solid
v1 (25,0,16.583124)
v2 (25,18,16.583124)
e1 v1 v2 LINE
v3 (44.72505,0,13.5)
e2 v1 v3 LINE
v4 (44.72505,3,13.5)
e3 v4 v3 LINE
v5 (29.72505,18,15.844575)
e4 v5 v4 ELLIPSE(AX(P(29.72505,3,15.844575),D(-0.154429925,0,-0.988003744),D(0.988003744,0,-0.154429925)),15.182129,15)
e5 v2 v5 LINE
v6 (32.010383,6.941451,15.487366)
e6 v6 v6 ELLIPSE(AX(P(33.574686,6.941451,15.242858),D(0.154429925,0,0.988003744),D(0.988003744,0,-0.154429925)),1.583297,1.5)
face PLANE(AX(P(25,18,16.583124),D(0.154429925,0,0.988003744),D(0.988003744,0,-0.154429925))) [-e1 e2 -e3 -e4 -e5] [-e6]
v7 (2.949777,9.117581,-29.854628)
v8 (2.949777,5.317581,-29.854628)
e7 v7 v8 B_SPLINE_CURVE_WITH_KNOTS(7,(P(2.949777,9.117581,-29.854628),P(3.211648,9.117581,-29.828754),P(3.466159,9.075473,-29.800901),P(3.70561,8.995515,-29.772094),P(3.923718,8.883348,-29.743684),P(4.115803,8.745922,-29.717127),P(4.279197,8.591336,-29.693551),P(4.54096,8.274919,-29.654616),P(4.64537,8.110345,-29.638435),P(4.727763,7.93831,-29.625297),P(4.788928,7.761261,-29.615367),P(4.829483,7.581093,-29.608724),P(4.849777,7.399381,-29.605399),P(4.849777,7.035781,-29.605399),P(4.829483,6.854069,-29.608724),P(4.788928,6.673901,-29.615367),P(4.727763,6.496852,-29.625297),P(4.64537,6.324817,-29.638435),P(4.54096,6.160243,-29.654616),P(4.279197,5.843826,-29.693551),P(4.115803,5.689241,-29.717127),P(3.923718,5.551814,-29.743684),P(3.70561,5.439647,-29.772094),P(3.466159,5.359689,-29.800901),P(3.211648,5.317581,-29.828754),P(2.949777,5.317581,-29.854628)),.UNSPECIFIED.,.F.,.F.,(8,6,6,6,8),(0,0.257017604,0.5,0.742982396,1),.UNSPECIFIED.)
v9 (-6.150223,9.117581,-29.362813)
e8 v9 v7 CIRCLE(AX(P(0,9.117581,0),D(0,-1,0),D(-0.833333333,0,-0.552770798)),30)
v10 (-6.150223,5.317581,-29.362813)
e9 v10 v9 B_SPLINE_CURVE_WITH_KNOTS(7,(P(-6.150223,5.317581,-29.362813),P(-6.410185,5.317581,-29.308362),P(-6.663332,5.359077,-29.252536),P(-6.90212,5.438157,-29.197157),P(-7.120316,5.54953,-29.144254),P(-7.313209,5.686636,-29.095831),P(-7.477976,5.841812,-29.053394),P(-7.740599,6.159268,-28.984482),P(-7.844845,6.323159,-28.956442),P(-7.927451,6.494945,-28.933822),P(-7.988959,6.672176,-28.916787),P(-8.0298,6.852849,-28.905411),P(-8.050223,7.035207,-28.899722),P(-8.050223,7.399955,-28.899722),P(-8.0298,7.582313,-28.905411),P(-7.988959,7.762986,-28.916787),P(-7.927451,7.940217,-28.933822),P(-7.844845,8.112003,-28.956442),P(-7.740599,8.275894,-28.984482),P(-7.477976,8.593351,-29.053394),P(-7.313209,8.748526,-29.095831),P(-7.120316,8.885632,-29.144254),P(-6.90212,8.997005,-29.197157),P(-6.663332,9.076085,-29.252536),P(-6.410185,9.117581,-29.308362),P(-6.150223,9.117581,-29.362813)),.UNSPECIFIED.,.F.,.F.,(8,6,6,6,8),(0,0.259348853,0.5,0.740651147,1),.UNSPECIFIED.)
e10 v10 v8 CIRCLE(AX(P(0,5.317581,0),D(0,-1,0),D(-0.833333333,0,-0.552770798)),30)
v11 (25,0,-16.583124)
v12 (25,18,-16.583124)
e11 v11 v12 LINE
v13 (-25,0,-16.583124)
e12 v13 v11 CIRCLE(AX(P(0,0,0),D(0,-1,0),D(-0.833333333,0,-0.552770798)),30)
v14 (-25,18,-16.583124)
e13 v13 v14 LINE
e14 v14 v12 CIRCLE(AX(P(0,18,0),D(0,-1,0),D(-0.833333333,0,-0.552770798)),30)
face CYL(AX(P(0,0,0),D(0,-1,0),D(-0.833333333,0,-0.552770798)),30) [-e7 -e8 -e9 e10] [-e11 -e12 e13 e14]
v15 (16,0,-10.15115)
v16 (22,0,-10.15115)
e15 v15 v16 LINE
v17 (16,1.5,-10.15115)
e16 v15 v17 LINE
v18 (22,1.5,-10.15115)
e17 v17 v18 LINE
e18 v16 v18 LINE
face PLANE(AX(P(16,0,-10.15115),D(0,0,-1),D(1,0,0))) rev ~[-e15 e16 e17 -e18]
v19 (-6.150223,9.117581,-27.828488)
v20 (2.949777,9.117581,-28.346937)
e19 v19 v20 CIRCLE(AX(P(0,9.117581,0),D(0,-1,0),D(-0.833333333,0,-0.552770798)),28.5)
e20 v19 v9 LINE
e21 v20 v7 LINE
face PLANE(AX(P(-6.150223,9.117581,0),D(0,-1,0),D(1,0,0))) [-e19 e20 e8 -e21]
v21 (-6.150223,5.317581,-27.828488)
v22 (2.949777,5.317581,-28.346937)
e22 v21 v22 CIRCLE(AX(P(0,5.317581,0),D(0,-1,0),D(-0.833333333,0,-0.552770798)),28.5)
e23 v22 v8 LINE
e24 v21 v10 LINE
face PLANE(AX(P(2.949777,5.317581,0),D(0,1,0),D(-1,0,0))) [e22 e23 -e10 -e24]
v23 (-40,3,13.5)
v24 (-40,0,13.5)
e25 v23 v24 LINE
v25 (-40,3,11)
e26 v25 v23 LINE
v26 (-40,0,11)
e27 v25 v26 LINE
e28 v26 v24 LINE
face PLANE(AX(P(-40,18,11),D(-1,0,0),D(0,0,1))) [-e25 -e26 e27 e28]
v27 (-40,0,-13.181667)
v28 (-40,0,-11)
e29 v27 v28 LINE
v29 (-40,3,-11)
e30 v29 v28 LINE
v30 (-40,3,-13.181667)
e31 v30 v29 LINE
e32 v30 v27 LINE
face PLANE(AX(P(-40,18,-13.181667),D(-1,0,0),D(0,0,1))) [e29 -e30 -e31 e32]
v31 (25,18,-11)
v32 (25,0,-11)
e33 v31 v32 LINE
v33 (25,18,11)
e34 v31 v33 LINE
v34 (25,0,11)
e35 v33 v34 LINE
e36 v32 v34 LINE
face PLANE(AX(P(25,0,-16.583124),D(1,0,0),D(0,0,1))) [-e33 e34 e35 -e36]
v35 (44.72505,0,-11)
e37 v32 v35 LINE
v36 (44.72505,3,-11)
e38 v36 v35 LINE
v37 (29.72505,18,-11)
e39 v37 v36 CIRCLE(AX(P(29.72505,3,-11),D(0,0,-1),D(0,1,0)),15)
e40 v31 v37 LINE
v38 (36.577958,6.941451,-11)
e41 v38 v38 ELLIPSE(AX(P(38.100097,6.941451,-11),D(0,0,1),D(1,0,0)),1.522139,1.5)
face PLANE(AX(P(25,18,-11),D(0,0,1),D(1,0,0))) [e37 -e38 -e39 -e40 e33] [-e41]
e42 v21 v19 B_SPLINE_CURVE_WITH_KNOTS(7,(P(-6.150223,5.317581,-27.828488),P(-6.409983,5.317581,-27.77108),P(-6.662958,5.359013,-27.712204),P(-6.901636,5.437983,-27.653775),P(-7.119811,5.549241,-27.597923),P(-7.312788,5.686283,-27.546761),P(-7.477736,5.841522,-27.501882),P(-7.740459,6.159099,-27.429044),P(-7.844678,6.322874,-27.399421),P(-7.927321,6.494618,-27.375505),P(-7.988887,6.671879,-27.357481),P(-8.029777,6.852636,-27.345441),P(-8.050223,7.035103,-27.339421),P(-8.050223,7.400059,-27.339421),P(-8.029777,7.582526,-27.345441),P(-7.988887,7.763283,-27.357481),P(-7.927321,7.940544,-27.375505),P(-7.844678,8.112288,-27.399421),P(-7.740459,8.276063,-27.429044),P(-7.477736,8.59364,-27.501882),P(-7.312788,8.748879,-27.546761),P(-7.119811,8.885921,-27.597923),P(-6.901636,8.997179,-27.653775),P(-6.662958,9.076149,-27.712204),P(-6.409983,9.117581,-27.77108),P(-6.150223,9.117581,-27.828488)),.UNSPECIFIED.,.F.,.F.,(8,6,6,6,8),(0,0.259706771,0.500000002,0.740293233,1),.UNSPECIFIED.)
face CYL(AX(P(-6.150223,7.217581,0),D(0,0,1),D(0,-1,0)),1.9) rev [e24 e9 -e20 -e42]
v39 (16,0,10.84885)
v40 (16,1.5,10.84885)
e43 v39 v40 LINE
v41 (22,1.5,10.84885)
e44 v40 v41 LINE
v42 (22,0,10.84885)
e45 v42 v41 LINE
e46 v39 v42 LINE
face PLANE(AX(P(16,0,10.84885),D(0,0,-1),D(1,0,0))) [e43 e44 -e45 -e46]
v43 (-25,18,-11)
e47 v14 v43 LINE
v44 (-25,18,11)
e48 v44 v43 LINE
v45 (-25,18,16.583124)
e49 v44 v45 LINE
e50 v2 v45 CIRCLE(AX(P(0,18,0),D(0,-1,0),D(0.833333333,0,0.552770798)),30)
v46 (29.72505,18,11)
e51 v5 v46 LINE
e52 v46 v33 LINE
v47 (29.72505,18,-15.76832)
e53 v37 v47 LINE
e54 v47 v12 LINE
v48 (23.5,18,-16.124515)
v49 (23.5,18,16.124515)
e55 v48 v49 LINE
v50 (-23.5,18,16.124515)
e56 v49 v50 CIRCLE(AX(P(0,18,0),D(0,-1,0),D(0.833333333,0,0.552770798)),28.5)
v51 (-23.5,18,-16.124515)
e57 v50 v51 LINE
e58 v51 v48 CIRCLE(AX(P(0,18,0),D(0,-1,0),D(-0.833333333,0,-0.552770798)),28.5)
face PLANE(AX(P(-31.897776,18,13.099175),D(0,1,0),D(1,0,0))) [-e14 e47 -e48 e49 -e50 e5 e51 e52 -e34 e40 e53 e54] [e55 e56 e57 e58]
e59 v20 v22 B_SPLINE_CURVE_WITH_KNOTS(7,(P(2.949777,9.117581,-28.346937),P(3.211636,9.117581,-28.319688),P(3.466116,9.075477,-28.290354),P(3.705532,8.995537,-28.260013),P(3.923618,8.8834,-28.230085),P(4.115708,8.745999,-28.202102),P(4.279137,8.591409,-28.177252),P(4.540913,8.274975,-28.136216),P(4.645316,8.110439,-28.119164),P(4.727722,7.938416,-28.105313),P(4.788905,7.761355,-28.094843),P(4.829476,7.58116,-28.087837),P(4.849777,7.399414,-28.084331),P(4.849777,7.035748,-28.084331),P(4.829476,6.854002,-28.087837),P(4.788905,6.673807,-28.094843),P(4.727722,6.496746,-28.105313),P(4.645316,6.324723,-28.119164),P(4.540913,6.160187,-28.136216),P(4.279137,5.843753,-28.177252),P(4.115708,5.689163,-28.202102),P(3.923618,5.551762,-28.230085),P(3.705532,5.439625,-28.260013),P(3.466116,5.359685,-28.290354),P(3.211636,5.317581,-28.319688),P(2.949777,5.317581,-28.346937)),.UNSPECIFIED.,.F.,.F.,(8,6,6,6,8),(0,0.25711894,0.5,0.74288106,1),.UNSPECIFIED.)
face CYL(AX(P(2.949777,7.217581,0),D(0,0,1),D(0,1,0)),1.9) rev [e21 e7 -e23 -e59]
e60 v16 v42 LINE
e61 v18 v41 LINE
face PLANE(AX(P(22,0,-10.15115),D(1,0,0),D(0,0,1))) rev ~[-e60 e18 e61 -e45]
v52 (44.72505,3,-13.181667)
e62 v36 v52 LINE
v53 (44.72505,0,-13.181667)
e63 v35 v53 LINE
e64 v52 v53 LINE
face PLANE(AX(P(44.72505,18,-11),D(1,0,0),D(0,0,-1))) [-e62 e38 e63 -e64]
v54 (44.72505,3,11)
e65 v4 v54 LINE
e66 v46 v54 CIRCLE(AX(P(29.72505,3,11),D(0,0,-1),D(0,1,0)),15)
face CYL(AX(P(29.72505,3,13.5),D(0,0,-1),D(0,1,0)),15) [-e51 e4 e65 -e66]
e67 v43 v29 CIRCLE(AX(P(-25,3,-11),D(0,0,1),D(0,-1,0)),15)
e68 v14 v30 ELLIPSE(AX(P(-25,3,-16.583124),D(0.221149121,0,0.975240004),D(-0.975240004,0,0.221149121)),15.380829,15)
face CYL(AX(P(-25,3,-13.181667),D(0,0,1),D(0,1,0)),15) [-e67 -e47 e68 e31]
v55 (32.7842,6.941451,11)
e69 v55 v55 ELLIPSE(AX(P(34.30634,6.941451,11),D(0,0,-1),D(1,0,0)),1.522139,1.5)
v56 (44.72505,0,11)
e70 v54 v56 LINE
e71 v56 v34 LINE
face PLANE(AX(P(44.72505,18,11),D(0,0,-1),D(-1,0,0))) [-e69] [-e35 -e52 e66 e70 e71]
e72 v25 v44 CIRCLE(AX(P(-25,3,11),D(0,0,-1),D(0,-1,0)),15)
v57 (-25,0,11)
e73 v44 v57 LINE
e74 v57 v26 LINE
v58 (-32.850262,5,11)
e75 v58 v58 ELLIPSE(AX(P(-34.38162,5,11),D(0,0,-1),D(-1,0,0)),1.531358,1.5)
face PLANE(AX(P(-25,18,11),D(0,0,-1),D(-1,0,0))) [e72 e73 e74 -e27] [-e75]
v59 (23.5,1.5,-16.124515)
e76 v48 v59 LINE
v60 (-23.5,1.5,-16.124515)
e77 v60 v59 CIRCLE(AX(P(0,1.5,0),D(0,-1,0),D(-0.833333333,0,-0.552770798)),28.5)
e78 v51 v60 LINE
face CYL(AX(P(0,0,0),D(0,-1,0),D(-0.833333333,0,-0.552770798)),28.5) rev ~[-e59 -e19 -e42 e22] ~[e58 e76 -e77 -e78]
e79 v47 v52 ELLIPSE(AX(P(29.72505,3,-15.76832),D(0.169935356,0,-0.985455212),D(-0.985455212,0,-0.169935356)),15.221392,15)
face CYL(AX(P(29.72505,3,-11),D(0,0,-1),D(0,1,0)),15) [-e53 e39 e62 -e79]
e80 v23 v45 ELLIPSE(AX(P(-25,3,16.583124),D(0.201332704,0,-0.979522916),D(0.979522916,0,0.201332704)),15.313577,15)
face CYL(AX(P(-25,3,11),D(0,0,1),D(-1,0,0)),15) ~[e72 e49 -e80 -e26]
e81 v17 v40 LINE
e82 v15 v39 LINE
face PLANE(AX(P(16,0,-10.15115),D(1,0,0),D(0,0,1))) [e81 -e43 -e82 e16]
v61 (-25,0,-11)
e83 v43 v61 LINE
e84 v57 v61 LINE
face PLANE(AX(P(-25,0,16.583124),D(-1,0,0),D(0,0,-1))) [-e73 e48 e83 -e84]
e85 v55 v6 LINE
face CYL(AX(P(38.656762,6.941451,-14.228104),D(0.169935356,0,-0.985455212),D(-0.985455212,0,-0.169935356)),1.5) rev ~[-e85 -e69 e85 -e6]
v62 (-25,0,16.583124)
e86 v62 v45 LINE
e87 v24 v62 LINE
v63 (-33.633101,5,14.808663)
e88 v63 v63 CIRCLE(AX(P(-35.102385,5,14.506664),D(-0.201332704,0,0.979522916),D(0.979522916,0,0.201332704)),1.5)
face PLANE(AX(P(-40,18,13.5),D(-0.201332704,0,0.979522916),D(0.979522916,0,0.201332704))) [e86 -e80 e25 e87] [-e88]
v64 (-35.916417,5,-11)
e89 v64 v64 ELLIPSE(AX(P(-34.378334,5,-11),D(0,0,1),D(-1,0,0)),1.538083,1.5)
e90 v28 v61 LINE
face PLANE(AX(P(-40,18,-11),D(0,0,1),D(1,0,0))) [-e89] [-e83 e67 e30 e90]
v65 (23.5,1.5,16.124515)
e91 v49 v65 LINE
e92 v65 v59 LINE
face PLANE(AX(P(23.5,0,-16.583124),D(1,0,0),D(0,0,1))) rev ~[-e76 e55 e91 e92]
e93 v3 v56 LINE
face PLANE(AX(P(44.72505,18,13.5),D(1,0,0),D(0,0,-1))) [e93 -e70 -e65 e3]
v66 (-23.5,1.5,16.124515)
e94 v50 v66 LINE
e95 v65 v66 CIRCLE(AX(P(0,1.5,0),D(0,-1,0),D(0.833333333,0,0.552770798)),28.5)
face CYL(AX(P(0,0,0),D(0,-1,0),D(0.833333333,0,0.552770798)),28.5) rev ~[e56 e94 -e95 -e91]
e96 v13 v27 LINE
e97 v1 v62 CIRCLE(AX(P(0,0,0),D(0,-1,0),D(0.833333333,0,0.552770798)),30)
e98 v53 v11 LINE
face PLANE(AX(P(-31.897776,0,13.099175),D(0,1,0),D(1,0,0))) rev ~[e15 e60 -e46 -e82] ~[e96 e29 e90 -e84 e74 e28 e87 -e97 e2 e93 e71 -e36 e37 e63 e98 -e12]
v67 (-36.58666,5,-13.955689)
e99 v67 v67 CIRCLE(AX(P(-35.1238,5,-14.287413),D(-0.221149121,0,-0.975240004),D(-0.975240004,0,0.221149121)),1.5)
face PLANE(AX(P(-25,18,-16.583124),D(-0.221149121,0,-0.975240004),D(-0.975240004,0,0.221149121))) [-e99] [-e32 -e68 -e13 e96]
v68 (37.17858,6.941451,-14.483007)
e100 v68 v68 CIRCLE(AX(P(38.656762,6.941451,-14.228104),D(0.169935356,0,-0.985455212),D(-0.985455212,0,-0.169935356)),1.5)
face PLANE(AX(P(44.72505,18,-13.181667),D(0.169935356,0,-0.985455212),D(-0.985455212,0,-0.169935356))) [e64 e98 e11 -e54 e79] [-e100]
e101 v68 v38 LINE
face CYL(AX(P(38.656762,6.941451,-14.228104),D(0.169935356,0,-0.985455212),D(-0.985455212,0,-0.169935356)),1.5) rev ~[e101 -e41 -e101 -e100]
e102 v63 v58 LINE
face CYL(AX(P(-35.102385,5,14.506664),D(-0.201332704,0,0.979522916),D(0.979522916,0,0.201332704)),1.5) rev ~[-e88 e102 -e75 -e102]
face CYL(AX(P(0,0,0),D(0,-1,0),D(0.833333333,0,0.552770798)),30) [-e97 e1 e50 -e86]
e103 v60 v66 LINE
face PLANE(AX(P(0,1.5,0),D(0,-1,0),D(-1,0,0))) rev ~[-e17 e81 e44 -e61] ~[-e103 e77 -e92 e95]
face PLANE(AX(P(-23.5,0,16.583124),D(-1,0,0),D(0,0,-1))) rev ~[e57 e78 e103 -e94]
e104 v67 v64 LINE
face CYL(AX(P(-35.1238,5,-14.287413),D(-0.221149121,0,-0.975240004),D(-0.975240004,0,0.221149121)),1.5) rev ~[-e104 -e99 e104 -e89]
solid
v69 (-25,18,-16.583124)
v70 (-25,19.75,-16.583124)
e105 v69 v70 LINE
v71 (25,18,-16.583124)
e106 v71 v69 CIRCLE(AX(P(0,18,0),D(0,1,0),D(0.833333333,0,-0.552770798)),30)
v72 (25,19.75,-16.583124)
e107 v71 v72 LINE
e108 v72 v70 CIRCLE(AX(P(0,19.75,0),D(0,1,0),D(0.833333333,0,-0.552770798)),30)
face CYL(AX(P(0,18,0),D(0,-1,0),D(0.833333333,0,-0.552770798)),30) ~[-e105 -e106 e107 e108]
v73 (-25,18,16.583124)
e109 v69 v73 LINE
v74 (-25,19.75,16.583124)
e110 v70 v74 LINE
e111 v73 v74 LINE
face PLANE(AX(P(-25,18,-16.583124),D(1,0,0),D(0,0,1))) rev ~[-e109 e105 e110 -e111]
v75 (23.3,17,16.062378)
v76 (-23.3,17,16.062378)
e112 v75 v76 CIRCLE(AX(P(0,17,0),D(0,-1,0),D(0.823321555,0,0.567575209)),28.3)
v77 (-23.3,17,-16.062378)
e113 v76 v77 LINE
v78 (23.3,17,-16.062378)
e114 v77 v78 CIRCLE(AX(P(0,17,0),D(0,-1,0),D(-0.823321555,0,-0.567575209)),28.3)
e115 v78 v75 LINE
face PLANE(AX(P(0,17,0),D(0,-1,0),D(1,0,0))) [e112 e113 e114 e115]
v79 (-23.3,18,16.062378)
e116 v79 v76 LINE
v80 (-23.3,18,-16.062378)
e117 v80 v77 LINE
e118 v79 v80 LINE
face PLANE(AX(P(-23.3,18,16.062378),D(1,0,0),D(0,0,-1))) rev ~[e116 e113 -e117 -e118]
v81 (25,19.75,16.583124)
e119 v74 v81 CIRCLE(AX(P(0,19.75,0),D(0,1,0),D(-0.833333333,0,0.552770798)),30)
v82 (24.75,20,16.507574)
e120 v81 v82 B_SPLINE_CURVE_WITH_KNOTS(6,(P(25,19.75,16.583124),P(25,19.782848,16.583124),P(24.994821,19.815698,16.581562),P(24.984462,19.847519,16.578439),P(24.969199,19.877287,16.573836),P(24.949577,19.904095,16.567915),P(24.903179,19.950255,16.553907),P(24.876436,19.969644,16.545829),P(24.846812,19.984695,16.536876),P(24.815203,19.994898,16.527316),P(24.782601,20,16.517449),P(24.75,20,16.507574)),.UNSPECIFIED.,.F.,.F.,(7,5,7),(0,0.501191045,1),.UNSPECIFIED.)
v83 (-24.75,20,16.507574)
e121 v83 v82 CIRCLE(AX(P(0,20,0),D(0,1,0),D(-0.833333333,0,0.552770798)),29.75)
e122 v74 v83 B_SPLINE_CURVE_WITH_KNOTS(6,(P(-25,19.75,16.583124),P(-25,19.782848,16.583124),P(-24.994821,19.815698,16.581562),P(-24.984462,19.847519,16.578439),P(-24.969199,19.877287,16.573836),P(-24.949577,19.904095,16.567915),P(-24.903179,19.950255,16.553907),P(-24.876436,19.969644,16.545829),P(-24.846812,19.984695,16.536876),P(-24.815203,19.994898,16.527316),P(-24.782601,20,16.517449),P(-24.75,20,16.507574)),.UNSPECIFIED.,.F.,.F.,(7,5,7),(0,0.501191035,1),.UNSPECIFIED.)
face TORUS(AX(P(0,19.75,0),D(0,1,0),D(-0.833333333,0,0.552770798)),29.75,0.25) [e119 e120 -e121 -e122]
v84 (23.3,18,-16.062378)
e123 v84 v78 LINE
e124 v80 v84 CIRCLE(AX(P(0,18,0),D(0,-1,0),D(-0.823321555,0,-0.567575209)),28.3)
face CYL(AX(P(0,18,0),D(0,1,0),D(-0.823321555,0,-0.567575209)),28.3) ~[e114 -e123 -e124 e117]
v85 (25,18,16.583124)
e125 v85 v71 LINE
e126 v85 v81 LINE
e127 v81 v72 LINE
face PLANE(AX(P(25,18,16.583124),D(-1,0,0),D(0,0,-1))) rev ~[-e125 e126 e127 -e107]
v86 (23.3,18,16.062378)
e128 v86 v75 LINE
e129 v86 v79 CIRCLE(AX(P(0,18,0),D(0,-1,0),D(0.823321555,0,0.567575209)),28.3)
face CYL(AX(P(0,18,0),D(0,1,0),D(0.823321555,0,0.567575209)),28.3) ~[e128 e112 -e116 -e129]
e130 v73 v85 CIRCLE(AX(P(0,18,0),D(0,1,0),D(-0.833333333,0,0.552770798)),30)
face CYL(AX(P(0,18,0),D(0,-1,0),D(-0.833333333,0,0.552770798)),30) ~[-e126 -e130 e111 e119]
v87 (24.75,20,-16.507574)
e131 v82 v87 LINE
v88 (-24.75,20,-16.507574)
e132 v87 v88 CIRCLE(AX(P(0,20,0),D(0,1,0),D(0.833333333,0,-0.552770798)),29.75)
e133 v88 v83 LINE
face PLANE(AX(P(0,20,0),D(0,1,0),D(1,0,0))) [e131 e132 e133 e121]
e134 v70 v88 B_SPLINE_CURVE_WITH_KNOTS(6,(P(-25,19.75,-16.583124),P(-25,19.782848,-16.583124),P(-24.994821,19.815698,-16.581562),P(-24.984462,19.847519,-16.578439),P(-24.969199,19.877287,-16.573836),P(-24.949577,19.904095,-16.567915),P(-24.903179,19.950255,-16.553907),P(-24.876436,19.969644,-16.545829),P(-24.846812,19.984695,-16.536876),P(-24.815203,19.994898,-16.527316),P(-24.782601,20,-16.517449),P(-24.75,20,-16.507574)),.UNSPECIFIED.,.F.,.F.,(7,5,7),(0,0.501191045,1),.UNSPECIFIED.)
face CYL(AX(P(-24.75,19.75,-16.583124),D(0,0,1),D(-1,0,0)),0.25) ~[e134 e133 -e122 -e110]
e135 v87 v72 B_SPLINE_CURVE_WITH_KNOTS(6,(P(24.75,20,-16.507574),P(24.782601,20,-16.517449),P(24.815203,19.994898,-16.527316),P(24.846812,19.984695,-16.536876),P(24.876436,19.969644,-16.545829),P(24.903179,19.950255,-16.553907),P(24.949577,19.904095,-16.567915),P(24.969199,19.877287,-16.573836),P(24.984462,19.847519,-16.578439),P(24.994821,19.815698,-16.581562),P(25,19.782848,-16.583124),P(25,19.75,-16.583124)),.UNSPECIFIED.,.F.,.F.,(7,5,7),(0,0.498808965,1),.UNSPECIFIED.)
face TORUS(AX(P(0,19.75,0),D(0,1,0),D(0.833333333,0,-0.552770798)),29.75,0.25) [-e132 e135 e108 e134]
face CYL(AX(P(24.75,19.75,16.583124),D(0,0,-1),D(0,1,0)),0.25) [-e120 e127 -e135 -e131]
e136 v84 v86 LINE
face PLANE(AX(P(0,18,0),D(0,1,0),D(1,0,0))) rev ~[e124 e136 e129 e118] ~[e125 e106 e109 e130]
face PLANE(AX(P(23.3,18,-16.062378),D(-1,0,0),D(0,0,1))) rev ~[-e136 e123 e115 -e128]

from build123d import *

# Parameters (mm, degrees)
BOSS_EXTRUDE2_DEPTH = 18
SHELL1_T            = -1.5
BOSS_EXTRUDE3_DEPTH = 2
BOSS_EXTRUDE4_DEPTH = 1
BOSS_EXTRUDE7_DEPTH = 18
FILLET7_R           = 0.25
CUT_EXTRUDE4_DEPTH  = 58.448499703
SKETCH10_R          = 1.5
CUT_EXTRUDE5_DEPTH  = 70.435814173
SKETCH11_R          = 1.5
CUT_EXTRUDE7_DEPTH  = 10
SKETCH12_R          = 1.5
CUT_EXTRUDE8_DEPTH  = 10
SKETCH13_W          = 6
SKETCH13_H          = 21
CUT_EXTRUDE10_DEPTH = 10
FILLET10_R          = 15


with BuildPart() as part:
    # Sketch1 → Boss-Extrude2 (new body)
    with BuildSketch(Plane(origin=(0, 0, 0), x_dir=(1, 0, 0), z_dir=(0, 1, 0))):
        with BuildLine():
            Line((25, 16.583123952), (25, -16.583123952))
            ThreePointArc((25, -16.583123952), (0, -30), (-25, -16.583123952))
            Line((-25, -16.583123952), (-25, 16.583123952))
            ThreePointArc((-25, 16.583123952), (0, 30), (25, 16.583123952))
        make_face()
    extrude(amount=BOSS_EXTRUDE2_DEPTH)

    # Shell1
    shell1_openings = [part.faces().sort_by_distance(p)[0] for p in [
        (0, 18, 0),
    ]]
    offset(amount=SHELL1_T, openings=shell1_openings, kind=Kind.INTERSECTION)

    # Sketch7 → Boss-Extrude7 (add)
    with BuildSketch(Plane(origin=(0, 18, 0), x_dir=(1, 0, 0), z_dir=(0, 1, 0))):
        Polygon((-40, -13.5), (-25, -16.583123952), (-25, -11), (-40, -11), align=None)
        Polygon((25, -16.583123952), (44.725050119, -13.5), (44.725050119, -11), (25, -11), align=None)
        Polygon((-40, 11), (-25, 11), (-25, 16.583123952), (-40, 13.181667077), align=None)
        Polygon((25, 11), (44.725050119, 11), (44.725050119, 13.181667077), (25, 16.583123952), align=None)
    extrude(amount=-BOSS_EXTRUDE7_DEPTH)

    # Sketch9 → Cut-Extrude4 (cut, through all)
    with BuildSketch(Plane.XY):
        with BuildLine():
            Line((2.949777262, 5.317581021), (-6.150222738, 5.317581021))
            ThreePointArc((-6.150222738, 5.317581021), (-8.050222738, 7.217581021), (-6.150222738, 9.117581021))
            Line((-6.150222738, 9.117581021), (2.949777262, 9.117581021))
            ThreePointArc((2.949777262, 9.117581021), (4.849777262, 7.217581021), (2.949777262, 5.317581021))
        make_face()
    extrude(amount=-CUT_EXTRUDE4_DEPTH, mode=Mode.SUBTRACT)

    # Sketch10 → Cut-Extrude5 (cut, through all)
    with BuildSketch(Plane(origin=(3.49902162, 0, -20.290828129), x_dir=(-0.9854552120358971, 0, -0.16993535556582978), z_dir=(0.1699353555658298, 0, -0.9854552120358973))):
        with Locations((-35.67665006, 6.941451302)):
            Circle(SKETCH10_R)
    extrude(amount=-CUT_EXTRUDE5_DEPTH, mode=Mode.SUBTRACT)

    # Sketch11 → Cut-Extrude7 (cut)
    with BuildSketch(Plane(origin=(-4.799213229, 0, -21.163930954), x_dir=(-0.975240004414675, 0, 0.22114912115869936), z_dir=(-0.22114912115869936, 0, -0.975240004414675))):
        with Locations((31.094486087, 5)):
            Circle(SKETCH11_R)
    extrude(amount=-CUT_EXTRUDE7_DEPTH, mode=Mode.SUBTRACT)

    # Sketch12 → Cut-Extrude8 (cut)
    with BuildSketch(Plane(origin=(-4.283729275, 0, 20.841179316), x_dir=(0.9795229156245254, 0, 0.20133270416509336), z_dir=(-0.20133270416509333, 0, 0.9795229156245253))):
        with Locations((-31.462925119, 5)):
            Circle(SKETCH12_R)
    extrude(amount=-CUT_EXTRUDE8_DEPTH, mode=Mode.SUBTRACT)

    # Sketch13 → Cut-Extrude10 (cut)
    with BuildSketch(Plane.XZ):
        with Locations((19, 0.348849939)):
            Rectangle(SKETCH13_W, SKETCH13_H)
    extrude(amount=-CUT_EXTRUDE10_DEPTH, mode=Mode.SUBTRACT)

    # Fillet10
    fillet10_edges = [part.edges().sort_by_distance(p)[0] for p in [
        (44.725050119, 18, -12.090833539),
        (44.725050119, 18, 12.25),
        (-40, 18, -12.090833539),
        (-40, 18, 12.25),
    ]]
    fillet(fillet10_edges, radius=FILLET10_R)


with BuildPart() as body_2:
    # Sketch2 → Boss-Extrude3 (new body)
    with BuildSketch(Plane(origin=(0, 18, 0), x_dir=(1, 0, 0), z_dir=(0, 1, 0))):
        with BuildLine():
            Line((-25, 16.583123952), (-25, -16.583123952))
            ThreePointArc((-25, -16.583123952), (0, -30), (25, -16.583123952))
            Line((25, -16.583123952), (25, 16.583123952))
            ThreePointArc((25, 16.583123952), (0, 30), (-25, 16.583123952))
        make_face()
    extrude(amount=BOSS_EXTRUDE3_DEPTH)

    # Sketch3 → Boss-Extrude4 (add)
    with BuildSketch(Plane.XZ.offset(-18)):
        with BuildLine():
            Line((23.3, -16.062378404), (23.3, 16.062378404))
            ThreePointArc((23.3, 16.062378404), (0, 28.3), (-23.3, 16.062378404))
            Line((-23.3, 16.062378404), (-23.3, -16.062378404))
            ThreePointArc((-23.3, -16.062378404), (0, -28.3), (23.3, -16.062378404))
        make_face()
    extrude(amount=BOSS_EXTRUDE4_DEPTH)

    # Fillet7
    fillet7_edges = [body_2.edges().sort_by_distance(p)[0] for p in [
        (0, 20, 30),
        (25, 20, 0),
        (0, 20, -30),
        (-25, 20, 0),
    ]]
    fillet(fillet7_edges, radius=FILLET7_R)


solid = Compound([part.part, body_2.part])
